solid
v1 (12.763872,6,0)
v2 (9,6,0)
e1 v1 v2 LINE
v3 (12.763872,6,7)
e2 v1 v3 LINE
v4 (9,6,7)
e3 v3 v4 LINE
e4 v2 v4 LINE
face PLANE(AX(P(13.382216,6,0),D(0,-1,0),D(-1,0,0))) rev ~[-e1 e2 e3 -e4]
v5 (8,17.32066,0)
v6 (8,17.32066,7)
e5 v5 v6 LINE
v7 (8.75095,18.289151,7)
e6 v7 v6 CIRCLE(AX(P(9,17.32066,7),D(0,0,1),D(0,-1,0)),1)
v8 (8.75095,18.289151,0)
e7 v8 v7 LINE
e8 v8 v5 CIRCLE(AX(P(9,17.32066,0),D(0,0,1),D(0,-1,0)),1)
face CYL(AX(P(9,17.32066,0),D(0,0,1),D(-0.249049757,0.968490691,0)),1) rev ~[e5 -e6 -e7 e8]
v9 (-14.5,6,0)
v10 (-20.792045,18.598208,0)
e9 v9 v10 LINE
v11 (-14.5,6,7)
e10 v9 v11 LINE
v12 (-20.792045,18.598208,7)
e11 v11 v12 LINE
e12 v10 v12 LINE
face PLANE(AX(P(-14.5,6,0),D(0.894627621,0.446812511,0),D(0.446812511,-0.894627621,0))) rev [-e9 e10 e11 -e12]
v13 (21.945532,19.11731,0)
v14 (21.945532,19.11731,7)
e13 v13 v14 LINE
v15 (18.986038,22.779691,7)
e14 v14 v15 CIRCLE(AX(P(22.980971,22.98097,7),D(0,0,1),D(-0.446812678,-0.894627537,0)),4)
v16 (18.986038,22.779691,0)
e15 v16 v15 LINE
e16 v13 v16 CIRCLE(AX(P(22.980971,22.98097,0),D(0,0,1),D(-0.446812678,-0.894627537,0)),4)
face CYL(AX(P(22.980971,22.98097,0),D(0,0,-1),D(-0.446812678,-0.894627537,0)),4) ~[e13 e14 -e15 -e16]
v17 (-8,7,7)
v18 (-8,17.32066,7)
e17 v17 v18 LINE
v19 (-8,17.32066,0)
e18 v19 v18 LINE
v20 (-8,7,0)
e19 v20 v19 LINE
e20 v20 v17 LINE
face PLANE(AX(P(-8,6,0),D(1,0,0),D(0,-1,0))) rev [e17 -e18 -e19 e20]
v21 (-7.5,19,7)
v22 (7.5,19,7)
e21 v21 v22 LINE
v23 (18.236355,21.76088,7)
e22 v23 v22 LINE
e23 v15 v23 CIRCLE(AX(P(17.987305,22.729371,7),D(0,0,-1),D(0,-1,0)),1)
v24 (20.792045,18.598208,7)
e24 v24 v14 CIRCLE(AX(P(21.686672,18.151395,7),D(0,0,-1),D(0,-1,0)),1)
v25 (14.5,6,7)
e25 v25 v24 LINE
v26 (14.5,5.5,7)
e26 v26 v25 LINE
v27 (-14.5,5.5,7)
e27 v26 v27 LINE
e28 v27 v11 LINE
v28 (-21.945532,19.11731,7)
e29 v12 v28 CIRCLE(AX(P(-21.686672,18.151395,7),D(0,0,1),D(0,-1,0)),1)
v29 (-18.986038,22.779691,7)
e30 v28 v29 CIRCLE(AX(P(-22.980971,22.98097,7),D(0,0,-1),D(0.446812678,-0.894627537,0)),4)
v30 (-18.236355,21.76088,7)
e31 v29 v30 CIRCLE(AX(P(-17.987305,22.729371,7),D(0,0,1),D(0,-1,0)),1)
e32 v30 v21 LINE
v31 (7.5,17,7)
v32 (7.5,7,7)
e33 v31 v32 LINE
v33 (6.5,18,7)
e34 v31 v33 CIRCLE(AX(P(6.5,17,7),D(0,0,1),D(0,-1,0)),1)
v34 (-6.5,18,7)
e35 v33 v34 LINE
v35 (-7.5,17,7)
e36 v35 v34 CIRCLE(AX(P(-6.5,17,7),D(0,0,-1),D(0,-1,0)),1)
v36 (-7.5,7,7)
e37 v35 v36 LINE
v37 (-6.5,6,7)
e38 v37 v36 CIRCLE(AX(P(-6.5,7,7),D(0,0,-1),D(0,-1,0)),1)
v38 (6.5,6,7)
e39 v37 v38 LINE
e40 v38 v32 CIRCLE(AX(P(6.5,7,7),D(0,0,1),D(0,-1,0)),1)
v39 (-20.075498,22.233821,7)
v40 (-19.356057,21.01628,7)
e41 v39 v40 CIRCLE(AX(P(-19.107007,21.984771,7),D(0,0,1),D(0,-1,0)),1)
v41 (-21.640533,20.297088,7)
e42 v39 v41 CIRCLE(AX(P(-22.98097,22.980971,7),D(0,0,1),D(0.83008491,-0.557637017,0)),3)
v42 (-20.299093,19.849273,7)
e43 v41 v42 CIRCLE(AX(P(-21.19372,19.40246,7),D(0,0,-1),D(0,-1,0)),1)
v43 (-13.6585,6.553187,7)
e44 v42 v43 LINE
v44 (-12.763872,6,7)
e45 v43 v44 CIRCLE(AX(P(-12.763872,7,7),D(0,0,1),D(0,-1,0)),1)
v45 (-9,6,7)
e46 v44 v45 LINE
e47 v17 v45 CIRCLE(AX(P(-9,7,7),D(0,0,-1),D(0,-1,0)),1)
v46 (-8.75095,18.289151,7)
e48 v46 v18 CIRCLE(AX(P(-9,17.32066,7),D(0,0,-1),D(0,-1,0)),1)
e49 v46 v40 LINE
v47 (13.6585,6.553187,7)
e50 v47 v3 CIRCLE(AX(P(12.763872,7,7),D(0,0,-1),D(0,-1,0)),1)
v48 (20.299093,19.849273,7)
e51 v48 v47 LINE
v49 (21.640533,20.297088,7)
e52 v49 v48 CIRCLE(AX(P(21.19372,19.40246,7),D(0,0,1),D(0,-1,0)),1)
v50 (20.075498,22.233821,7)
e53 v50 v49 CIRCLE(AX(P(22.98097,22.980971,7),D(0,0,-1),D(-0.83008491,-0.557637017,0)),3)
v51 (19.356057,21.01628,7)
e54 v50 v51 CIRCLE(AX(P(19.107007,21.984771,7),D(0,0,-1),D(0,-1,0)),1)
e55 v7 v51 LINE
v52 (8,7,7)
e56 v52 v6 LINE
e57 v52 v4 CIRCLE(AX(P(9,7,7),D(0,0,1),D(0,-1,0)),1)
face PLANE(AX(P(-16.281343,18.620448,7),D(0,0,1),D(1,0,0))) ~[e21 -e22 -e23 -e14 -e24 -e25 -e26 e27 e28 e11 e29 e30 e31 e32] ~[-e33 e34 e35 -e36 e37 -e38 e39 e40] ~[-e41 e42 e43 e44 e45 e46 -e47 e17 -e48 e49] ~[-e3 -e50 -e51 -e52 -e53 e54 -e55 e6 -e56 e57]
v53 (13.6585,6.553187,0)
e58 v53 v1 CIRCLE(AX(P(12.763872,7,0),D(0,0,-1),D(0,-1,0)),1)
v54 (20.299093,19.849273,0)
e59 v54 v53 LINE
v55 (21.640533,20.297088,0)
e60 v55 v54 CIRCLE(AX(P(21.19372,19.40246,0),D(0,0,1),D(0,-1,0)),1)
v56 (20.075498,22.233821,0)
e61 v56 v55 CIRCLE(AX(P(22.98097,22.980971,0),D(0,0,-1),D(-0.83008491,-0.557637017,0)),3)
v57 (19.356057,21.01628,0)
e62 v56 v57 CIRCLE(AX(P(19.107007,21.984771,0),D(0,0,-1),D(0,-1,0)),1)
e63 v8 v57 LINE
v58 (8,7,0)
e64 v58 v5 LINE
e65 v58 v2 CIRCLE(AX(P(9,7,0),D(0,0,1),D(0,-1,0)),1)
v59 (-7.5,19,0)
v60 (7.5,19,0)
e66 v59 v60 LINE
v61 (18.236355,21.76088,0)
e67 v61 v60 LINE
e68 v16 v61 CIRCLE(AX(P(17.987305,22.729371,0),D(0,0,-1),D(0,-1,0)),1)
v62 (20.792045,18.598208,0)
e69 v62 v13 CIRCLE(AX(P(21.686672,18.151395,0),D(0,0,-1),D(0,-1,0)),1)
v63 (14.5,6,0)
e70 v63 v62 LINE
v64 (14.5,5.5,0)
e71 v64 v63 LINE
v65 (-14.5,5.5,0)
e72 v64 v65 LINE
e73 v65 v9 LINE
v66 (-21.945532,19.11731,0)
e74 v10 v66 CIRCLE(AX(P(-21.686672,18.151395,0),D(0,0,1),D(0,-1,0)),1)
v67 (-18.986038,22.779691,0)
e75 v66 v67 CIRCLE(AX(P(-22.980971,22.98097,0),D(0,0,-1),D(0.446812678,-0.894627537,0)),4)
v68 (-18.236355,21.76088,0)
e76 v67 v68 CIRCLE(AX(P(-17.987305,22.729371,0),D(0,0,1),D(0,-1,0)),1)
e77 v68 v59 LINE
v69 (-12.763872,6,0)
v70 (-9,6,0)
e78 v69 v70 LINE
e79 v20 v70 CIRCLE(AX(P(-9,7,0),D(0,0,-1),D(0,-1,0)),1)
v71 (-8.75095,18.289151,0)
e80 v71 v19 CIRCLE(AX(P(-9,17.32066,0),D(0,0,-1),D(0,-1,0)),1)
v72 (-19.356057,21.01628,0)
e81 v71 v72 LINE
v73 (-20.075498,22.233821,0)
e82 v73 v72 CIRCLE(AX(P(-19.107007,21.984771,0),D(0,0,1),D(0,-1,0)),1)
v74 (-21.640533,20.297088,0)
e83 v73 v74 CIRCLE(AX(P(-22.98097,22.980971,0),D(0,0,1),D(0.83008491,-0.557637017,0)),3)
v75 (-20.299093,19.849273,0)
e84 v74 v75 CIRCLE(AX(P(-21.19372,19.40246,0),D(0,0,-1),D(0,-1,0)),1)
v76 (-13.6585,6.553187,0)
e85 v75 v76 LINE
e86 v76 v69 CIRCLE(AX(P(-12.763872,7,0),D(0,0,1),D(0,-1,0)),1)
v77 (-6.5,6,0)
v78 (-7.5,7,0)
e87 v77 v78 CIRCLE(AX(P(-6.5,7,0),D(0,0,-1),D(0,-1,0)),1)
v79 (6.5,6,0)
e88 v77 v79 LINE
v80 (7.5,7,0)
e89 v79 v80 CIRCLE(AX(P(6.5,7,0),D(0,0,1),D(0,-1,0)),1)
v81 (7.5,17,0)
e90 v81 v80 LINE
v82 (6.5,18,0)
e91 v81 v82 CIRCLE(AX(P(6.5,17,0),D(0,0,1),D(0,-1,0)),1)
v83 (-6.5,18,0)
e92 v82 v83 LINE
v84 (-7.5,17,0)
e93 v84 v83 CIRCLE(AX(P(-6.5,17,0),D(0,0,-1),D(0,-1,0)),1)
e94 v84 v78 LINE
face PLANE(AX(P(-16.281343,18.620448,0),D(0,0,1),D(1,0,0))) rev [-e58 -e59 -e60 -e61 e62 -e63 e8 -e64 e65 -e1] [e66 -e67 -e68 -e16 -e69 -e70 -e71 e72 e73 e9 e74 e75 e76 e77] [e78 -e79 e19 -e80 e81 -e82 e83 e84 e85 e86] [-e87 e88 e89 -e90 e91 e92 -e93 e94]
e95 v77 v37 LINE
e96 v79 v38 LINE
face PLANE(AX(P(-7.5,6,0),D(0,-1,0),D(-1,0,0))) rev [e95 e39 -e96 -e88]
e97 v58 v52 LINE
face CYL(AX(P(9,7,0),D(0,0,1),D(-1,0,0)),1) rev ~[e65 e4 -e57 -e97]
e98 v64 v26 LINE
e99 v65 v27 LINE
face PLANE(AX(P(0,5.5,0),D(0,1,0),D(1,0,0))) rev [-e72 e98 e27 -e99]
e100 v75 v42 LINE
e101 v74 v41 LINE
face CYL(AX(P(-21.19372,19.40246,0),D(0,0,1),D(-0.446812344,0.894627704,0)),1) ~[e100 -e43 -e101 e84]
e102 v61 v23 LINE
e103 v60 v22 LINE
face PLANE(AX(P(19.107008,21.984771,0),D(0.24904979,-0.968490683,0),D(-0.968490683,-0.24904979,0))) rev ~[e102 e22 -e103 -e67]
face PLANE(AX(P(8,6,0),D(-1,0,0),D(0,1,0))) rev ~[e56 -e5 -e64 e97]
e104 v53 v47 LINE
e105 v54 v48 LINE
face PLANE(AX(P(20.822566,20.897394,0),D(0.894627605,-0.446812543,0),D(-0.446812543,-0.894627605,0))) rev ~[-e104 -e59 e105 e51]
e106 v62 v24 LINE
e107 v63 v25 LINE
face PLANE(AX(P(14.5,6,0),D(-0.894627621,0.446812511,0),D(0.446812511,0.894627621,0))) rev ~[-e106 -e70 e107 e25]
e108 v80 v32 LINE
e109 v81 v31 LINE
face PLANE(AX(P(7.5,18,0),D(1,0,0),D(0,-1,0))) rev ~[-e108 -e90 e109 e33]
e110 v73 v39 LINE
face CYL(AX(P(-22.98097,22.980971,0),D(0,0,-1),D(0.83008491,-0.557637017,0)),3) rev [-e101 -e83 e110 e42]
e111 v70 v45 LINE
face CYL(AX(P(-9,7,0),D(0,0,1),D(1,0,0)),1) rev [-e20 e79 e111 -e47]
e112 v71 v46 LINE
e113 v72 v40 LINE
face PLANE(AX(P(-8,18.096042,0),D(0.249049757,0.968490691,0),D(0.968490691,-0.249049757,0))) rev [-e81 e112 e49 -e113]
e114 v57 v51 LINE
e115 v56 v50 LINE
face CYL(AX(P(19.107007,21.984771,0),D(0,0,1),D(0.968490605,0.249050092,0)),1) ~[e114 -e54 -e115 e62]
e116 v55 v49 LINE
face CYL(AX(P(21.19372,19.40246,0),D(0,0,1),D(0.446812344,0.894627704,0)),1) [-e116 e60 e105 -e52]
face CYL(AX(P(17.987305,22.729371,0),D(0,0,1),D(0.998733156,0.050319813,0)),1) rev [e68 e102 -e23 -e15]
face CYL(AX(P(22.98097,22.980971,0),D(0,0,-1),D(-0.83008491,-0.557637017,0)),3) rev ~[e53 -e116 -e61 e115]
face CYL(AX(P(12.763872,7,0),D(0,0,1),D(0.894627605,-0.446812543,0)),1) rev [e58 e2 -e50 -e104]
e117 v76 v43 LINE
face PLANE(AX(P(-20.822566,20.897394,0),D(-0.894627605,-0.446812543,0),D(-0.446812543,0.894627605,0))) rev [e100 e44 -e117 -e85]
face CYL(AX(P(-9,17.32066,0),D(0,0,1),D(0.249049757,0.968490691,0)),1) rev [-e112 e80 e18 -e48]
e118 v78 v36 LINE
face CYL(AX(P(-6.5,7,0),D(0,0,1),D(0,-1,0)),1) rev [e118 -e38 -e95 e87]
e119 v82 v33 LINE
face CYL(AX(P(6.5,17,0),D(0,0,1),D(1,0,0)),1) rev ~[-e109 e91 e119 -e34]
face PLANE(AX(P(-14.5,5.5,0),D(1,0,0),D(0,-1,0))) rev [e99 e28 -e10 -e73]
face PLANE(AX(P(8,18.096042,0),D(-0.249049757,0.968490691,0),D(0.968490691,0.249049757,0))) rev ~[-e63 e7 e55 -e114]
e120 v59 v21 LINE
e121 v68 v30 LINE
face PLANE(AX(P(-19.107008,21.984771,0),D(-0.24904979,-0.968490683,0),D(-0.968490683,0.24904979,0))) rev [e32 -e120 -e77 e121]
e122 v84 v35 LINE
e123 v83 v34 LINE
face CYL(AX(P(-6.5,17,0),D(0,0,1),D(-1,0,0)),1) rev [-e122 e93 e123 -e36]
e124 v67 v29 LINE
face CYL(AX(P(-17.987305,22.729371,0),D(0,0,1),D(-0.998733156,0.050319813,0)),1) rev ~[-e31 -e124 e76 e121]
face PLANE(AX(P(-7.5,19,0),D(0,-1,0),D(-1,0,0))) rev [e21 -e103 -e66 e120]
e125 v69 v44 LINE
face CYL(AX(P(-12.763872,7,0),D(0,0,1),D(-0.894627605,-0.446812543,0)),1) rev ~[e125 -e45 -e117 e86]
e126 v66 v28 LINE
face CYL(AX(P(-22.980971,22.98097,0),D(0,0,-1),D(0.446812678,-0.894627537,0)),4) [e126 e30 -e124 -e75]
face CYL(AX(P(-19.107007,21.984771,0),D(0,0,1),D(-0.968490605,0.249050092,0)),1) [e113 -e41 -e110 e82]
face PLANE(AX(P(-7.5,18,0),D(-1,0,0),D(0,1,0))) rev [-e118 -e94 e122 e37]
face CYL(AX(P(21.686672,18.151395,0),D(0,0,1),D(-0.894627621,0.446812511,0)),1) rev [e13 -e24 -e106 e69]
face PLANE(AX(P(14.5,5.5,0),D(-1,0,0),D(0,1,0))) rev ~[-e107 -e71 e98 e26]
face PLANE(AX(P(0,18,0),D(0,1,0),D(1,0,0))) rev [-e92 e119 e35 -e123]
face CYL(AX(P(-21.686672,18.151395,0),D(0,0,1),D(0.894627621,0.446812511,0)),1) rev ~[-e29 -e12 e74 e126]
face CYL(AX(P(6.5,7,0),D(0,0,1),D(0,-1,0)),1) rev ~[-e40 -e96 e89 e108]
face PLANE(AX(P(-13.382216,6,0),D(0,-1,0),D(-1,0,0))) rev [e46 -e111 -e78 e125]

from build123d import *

# Parameters (mm, degrees)
F1_DEPTH = 7
F2_R     = 1
F3_R     = 1


with BuildPart() as f1:
    # F0 (on Top) → F1 (new body)
    with BuildSketch(Plane.XY):
        with BuildLine():
            ThreePointArc((20.490715, 21.30806), (25.314352, 24.866528), (20.822566, 20.897394))
            Line((20.822566, 20.897394), (13.382216, 6))
            Line((13.382216, 6), (14.5, 6))
            Line((14.5, 6), (21.19372, 19.40246))
            ThreePointArc((21.19372, 19.40246), (26.092146, 25.495048), (19.107008, 21.984771))
            Line((19.107008, 21.984771), (7.5, 19))
            Line((7.5, 19), (0, 19))
            Line((0, 19), (0, 18))
            Line((0, 18), (7.5, 18))
            Line((7.5, 18), (7.626518, 18))
            Line((7.626518, 18), (8, 18.096042))
            Line((8, 18.096042), (20.490715, 21.30806))
        make_face()
        Polygon((14.5, 6), (13.382216, 6), (8, 6), (7.5, 6), (0, 6), (0, 5.5), (14.5, 5.5), align=None)
        Polygon((8, 6), (8, 18.096042), (7.626518, 18), (7.5, 18), (7.5, 6), align=None)
    extrude(amount=F1_DEPTH)

    # F2
    f2_edges = [f1.edges().sort_by_distance(p)[0] for p in [
        (21.19372, 19.40246, 3.5),
        (20.822566, 20.897394, 3.5),
        (20.490715, 21.30806, 3.5),
        (19.107008, 21.984771, 3.5),
    ]]
    fillet(f2_edges, radius=F2_R)

    # F3
    f3_edges = [f1.edges().sort_by_distance(p)[0] for p in [
        (8, 18.096042, 3.5),
        (13.382216, 6, 3.5),
        (8, 6, 3.5),
        (7.5, 18, 3.5),
        (7.5, 6, 3.5),
    ]]
    fillet(f3_edges, radius=F3_R)

    # F4: F1 across plane


with BuildPart() as f1_1:
    add(f1.part)
    add(f1.part.mirror(Plane.YZ))


solid = f1_1.part
